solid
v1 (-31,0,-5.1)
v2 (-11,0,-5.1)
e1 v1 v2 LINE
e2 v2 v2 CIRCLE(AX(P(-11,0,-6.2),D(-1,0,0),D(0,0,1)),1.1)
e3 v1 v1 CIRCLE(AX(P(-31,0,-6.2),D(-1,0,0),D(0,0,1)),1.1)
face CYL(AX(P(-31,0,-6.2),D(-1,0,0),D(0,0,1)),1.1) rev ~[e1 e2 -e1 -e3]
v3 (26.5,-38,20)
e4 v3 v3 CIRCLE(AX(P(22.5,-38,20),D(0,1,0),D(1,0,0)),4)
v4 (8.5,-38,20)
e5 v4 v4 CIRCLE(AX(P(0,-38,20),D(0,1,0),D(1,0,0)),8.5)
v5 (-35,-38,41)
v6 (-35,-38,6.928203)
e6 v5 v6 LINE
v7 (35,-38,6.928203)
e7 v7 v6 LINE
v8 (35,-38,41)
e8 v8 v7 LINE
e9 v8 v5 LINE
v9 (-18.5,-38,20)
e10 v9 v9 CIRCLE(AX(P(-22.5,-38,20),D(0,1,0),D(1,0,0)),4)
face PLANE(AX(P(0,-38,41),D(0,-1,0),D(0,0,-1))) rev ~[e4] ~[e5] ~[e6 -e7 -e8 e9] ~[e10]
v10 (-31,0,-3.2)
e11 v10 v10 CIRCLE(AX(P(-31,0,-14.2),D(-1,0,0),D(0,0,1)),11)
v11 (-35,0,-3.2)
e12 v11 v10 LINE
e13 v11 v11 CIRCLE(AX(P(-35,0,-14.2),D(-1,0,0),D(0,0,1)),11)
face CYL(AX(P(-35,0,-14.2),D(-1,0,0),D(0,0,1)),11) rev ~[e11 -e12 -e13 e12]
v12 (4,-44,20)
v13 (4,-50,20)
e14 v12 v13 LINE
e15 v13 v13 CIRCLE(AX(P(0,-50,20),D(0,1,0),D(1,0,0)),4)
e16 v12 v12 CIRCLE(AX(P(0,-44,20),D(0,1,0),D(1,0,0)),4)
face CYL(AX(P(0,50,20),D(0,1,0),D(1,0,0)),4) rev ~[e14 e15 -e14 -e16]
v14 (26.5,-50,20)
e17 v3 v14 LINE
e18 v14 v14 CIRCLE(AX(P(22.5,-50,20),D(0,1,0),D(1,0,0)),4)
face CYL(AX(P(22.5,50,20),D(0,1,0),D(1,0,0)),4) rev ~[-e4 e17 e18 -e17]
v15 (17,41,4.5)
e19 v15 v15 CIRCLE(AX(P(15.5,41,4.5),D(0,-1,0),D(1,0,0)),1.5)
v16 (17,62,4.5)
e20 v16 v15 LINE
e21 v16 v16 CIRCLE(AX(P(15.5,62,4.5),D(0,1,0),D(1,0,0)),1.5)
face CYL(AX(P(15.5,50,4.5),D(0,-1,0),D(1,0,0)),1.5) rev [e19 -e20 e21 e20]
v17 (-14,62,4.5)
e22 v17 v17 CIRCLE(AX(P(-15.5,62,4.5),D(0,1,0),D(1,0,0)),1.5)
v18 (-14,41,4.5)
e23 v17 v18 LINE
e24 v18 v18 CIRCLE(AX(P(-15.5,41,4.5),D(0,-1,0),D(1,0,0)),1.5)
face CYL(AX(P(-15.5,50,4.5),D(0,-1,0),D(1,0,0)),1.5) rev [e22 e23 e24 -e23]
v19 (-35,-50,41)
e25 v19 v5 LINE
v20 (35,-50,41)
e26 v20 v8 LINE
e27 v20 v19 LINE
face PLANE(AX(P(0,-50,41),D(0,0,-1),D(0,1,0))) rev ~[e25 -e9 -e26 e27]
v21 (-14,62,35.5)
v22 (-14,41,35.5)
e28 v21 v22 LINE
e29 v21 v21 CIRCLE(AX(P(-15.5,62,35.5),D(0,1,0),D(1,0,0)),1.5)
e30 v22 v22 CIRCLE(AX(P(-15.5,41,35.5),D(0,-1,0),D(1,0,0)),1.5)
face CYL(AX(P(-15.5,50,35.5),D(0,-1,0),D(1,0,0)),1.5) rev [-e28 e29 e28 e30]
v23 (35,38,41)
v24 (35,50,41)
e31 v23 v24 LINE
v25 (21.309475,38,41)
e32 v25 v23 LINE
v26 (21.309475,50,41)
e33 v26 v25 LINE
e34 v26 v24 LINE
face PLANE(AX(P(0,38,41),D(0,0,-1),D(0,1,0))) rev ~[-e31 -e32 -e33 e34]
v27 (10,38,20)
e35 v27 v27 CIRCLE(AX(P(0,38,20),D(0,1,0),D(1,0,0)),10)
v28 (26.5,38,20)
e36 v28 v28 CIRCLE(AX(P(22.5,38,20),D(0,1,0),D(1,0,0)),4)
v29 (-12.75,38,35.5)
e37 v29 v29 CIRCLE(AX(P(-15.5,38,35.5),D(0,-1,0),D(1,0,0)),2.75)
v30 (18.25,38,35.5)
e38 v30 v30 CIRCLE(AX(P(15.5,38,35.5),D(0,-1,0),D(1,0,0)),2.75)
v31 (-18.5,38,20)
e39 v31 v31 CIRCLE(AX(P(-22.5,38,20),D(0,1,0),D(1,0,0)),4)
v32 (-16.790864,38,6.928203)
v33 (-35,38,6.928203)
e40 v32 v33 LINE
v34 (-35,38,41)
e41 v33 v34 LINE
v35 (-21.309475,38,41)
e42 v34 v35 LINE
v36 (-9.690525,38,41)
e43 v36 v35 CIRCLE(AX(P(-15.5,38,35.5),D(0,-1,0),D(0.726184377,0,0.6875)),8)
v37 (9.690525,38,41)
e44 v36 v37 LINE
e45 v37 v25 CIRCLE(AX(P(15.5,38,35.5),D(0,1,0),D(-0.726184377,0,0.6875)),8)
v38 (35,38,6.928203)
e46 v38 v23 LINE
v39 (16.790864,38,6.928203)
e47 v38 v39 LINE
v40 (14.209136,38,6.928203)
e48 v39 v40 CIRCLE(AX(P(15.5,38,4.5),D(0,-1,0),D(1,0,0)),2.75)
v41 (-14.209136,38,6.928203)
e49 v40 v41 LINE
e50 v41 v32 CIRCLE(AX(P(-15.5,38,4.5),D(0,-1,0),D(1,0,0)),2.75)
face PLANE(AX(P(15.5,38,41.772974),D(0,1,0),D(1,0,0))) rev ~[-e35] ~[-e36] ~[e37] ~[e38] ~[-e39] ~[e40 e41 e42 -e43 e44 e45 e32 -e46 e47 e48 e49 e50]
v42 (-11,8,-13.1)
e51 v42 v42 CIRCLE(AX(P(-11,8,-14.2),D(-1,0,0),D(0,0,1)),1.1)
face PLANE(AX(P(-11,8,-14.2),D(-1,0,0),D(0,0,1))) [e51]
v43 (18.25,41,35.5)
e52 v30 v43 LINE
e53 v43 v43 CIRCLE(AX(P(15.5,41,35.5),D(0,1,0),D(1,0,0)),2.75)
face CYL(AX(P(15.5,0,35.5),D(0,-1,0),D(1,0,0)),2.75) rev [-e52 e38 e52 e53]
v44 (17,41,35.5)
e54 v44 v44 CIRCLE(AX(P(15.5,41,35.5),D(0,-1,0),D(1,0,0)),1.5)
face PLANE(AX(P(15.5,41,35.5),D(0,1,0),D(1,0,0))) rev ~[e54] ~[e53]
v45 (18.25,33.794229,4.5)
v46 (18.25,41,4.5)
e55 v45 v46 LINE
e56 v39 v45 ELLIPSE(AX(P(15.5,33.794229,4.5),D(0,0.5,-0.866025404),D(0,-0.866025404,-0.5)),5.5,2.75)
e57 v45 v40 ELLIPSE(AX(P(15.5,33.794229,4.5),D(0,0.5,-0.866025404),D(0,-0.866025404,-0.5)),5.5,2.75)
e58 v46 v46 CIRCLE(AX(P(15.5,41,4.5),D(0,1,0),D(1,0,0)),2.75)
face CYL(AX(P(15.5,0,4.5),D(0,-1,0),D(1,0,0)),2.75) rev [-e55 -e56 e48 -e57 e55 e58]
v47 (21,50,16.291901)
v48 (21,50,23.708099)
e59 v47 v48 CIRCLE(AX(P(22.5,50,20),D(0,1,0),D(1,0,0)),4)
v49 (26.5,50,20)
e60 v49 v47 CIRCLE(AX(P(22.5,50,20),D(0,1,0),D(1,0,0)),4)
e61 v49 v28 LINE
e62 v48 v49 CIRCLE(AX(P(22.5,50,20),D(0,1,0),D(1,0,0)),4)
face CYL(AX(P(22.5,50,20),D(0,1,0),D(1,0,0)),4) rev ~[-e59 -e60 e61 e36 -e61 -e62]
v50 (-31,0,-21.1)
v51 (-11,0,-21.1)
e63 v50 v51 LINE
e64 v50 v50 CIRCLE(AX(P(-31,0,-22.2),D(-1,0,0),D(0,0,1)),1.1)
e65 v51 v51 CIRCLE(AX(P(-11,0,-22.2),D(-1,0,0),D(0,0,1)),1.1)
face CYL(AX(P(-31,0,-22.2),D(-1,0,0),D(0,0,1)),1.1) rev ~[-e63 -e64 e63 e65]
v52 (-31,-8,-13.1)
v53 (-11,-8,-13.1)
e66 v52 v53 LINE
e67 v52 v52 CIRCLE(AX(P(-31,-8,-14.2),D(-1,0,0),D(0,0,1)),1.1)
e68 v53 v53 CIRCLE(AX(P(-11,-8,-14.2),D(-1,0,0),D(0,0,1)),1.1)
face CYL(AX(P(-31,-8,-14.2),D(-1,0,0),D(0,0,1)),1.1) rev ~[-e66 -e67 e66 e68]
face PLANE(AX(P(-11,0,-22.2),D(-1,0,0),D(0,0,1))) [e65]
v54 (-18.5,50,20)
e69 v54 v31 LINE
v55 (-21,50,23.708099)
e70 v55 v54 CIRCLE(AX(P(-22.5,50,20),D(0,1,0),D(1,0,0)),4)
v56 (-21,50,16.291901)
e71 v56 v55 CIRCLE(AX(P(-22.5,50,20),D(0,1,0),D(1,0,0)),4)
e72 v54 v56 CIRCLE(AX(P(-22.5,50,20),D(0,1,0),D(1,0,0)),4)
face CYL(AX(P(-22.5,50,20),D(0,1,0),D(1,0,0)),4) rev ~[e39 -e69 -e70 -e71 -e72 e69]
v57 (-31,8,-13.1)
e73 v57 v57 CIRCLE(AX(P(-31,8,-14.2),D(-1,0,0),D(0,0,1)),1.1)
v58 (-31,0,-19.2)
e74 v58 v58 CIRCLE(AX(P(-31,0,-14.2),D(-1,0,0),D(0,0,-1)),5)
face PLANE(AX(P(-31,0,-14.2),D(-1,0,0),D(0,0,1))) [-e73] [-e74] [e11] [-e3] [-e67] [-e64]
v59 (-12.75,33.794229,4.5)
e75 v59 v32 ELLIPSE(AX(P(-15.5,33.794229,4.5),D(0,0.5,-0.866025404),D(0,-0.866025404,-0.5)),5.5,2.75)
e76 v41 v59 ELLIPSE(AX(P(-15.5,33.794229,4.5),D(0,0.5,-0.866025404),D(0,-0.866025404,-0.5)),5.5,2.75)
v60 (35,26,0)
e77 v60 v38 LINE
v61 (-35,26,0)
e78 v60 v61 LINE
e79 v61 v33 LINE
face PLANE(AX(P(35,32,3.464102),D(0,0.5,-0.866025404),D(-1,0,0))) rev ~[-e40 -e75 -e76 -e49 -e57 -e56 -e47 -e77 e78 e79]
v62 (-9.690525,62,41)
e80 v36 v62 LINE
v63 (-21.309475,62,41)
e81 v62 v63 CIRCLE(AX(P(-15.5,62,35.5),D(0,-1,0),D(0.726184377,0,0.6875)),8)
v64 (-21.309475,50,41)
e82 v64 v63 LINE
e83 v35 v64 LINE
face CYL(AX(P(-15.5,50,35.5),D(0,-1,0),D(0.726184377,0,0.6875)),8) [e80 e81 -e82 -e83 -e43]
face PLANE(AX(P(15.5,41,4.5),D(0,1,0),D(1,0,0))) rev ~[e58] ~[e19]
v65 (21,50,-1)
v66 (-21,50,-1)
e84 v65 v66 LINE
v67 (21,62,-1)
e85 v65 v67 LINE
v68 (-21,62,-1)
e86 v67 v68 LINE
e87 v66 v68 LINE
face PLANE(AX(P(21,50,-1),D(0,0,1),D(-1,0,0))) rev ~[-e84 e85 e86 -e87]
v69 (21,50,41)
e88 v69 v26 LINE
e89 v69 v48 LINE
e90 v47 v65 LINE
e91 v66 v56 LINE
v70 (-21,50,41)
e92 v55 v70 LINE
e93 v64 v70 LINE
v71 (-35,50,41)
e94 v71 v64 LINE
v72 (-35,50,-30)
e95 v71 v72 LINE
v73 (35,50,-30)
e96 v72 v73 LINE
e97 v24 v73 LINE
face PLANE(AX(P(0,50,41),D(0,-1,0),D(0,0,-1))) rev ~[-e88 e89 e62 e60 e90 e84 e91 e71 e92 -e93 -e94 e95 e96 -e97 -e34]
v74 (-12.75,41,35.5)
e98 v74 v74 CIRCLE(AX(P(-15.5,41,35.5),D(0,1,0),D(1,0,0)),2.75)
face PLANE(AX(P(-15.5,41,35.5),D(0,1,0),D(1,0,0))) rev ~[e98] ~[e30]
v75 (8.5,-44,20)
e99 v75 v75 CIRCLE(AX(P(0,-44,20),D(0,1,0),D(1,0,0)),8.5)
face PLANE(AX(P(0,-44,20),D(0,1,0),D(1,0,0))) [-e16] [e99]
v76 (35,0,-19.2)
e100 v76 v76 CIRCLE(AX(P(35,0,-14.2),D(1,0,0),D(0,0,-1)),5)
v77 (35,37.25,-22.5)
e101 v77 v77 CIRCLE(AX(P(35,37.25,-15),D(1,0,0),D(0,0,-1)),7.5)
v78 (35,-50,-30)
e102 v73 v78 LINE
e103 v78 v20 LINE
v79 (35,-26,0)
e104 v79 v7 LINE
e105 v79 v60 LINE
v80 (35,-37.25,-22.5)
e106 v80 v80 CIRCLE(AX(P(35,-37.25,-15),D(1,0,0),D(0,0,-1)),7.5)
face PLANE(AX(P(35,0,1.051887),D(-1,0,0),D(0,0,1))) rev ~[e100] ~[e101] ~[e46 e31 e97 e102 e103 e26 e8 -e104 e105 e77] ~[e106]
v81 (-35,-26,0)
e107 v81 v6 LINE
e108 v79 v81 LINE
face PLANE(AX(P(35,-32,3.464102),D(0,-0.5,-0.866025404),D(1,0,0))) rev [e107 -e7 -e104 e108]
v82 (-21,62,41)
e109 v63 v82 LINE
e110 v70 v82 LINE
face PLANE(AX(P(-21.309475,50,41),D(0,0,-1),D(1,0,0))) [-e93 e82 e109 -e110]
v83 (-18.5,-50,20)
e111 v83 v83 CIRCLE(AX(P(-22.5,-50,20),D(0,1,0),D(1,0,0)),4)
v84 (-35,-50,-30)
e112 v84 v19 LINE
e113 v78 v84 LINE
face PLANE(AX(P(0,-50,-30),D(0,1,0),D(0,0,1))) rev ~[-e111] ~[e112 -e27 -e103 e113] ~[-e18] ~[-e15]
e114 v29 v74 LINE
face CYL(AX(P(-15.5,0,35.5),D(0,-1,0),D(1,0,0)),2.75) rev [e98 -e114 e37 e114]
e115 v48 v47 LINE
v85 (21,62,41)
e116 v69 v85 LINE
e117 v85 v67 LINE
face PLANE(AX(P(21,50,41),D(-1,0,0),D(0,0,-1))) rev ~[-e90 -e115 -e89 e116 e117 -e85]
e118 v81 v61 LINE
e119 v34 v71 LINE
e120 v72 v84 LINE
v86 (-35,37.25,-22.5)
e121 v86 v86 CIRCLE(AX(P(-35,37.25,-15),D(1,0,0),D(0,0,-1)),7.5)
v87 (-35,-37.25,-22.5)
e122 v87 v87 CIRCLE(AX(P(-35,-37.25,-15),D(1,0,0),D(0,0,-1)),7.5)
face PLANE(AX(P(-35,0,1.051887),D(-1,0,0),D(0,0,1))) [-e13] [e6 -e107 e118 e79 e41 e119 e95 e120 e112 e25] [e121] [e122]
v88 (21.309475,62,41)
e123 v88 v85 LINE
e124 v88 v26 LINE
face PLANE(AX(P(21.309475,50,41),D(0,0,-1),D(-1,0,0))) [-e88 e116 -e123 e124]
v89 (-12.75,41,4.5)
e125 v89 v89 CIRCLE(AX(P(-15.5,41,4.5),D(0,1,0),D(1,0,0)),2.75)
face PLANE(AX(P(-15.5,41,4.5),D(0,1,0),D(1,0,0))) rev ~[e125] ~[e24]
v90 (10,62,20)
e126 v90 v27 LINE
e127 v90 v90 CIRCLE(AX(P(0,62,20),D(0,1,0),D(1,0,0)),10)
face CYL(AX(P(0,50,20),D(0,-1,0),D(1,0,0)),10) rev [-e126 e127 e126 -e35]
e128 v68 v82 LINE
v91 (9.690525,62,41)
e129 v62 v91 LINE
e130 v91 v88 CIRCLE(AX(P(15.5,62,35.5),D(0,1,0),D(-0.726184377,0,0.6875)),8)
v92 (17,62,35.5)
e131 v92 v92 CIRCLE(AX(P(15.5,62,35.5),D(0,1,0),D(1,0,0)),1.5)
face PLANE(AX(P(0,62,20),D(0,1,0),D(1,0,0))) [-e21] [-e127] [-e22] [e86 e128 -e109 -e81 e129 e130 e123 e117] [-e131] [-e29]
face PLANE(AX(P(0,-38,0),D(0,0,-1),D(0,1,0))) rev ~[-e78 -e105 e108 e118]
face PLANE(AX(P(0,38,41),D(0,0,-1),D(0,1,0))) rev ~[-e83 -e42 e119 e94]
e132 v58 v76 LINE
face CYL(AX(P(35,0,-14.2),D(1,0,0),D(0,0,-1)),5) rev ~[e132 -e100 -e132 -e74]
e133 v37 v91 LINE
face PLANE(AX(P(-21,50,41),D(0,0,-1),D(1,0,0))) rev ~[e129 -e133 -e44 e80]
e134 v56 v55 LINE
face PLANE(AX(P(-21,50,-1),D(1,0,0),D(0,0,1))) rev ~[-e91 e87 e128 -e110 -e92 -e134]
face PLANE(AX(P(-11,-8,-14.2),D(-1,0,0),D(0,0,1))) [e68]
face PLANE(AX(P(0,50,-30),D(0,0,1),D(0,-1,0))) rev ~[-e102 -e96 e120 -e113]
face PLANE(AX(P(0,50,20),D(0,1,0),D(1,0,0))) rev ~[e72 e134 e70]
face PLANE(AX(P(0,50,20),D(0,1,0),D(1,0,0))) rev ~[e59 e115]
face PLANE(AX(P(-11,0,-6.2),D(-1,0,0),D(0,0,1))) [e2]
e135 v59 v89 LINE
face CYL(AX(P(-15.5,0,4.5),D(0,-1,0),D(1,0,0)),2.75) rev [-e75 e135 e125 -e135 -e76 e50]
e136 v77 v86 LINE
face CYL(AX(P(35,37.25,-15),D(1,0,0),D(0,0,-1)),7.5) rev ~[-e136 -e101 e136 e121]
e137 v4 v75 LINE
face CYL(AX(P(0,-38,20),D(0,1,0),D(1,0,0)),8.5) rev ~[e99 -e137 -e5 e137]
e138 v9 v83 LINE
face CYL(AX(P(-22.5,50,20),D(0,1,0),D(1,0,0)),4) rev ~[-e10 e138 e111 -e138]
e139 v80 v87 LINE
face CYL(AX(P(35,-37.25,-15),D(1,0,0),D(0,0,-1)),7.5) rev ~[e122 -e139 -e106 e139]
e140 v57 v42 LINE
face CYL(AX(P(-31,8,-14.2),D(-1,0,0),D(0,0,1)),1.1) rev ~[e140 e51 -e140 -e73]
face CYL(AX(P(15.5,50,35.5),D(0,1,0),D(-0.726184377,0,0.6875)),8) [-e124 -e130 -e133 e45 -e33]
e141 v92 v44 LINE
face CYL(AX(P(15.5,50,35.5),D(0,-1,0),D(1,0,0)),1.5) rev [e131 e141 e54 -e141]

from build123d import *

# Parameters (mm, degrees)
BOSS_EXTRUDE1_DEPTH     = 35
SKETCH2_R               = 4
CUT_EXTRUDE1_DEPTH      = 101
SKETCH3_R               = 7.5
SKETCH3_R_2             = 5
CUT_EXTRUDE2_DEPTH      = 1
CUT_EXTRUDE2_DEPTH_BACK = 71
CHAMFER1_SIZE           = 12
CHAMFER1_SIZE2          = 6.92820323
CHAMFER2_SIZE           = 12
CHAMFER2_SIZE2          = 6.92820323
SKETCH4_R               = 10
CUT_EXTRUDE3_DEPTH      = 12
CUT_EXTRUDE4_START      = -18.803848
SKETCH5_R               = 1.5
CUT_EXTRUDE4_DEPTH      = 18.803848
BOSS_EXTRUDE2_DEPTH     = 12
SKETCH7_R               = 2.75
CUT_EXTRUDE5_DEPTH      = 41
SKETCH8_R               = 10
SKETCH8_R_2             = 1.5
BOSS_EXTRUDE3_DEPTH     = 12
SKETCH9_R               = 8.5
CUT_EXTRUDE6_DEPTH      = 6
SKETCH10_R              = 11
CUT_EXTRUDE7_DEPTH      = 4
SKETCH11_R              = 5
SKETCH11_R_2            = 1.1
CUT_EXTRUDE8_DEPTH      = 20


with BuildPart() as part:
    # Sketch1 → Boss-Extrude1 (new body, symmetric)
    with BuildSketch(Plane(origin=(0, 0, 0), x_dir=(0, 0, -1), z_dir=(1, 0, 0))):
        Polygon((30, 50), (30, -50), (-41, -50), (-41, -38), (0, -38), (0, 38), (-41, 38), (-41, 50), align=None)
    extrude(amount=BOSS_EXTRUDE1_DEPTH, both=True)

    # Sketch2 → Cut-Extrude1 (cut, through all)
    with BuildSketch(Plane(origin=(0, 50, 0), x_dir=(1, 0, 0), z_dir=(0, 1, 0))):
        with Locations((-22.5, -20)):
            Circle(SKETCH2_R)
        with Locations((22.5, -20)):
            Circle(SKETCH2_R)
        with Locations((0, -20)):
            Circle(SKETCH2_R)
    extrude(amount=-CUT_EXTRUDE1_DEPTH, mode=Mode.SUBTRACT)

    # Sketch3 → Cut-Extrude2 (cut, two sides)
    with BuildSketch(Plane(origin=(35, 0, 0), x_dir=(0, 0, -1), z_dir=(1, 0, 0))) as cut_extrude2_sk:
        with Locations((15, -37.25)):
            Circle(SKETCH3_R)
        with Locations((15, 37.25)):
            Circle(SKETCH3_R)
        with Locations((14.2, 0)):
            Circle(SKETCH3_R_2)
    extrude(amount=CUT_EXTRUDE2_DEPTH, mode=Mode.SUBTRACT)
    extrude(cut_extrude2_sk.sketch, amount=-CUT_EXTRUDE2_DEPTH_BACK, mode=Mode.SUBTRACT)

    # Chamfer1
    chamfer1_edges = [part.edges().sort_by_distance(p)[0] for p in [
        (0, -38, 0),
    ]]
    chamfer1_side = [part.faces().sort_by_distance(p)[0] for p in [
        (0, 0, 0),
    ]]
    chamfer(chamfer1_edges, length=CHAMFER1_SIZE, length2=CHAMFER1_SIZE2, reference=chamfer1_side[0])

    # Chamfer2
    chamfer2_edges = [part.edges().sort_by_distance(p)[0] for p in [
        (0, 38, 0),
    ]]
    chamfer2_side = [part.faces().sort_by_distance(p)[0] for p in [
        (0, 6, 0),
    ]]
    chamfer(chamfer2_edges, length=CHAMFER2_SIZE, length2=CHAMFER2_SIZE2, reference=chamfer2_side[0])

    # Sketch4 → Cut-Extrude3 (cut)
    with BuildSketch(Plane(origin=(0, 50, 0), x_dir=(1, 0, 0), z_dir=(0, 1, 0))):
        with Locations((0, -20)):
            Circle(SKETCH4_R)
    extrude(amount=-CUT_EXTRUDE3_DEPTH, mode=Mode.SUBTRACT)

    # Sketch5 → Cut-Extrude4 (cut)
    with BuildSketch(Plane(origin=(0, 50, 0), x_dir=(1, 0, 0), z_dir=(0, 1, 0)).offset(CUT_EXTRUDE4_START)):
        with Locations((15.5, -4.5)):
            Circle(SKETCH5_R)
        with Locations((-15.5, -4.5)):
            Circle(SKETCH5_R)
        with Locations((15.5, -35.5)):
            Circle(SKETCH5_R)
        with Locations((-15.5, -35.5)):
            Circle(SKETCH5_R)
    extrude(amount=CUT_EXTRUDE4_DEPTH, mode=Mode.SUBTRACT)

    # Sketch6 → Boss-Extrude2 (add, symmetric)
    with BuildSketch(Plane(origin=(0, 50, 0), x_dir=(1, 0, 0), z_dir=(0, 1, 0))):
        with BuildLine():
            Line((-21.309475019, -41), (-9.690524981, -41))
            ThreePointArc((-9.690524981, -41), (-15.5, -43.5), (-21.309475019, -41))
        make_face()
        with BuildLine():
            Line((21.309475019, -41), (9.690524981, -41))
            ThreePointArc((9.690524981, -41), (15.5, -43.5), (21.309475019, -41))
        make_face()
    extrude(amount=BOSS_EXTRUDE2_DEPTH, both=True)

    # Sketch7 → Cut-Extrude5 (cut)
    with BuildSketch(Plane(origin=(0, 0, 0), x_dir=(1, 0, 0), z_dir=(0, 1, 0))):
        with Locations((15.5, -4.5)):
            Circle(SKETCH7_R)
        with Locations((-15.5, -4.5)):
            Circle(SKETCH7_R)
        with Locations((15.5, -35.5)):
            Circle(SKETCH7_R)
        with Locations((-15.5, -35.5)):
            Circle(SKETCH7_R)
    extrude(amount=CUT_EXTRUDE5_DEPTH, mode=Mode.SUBTRACT)

    # Sketch8 → Boss-Extrude3 (add)
    with BuildSketch(Plane(origin=(0, 50, 0), x_dir=(1, 0, 0), z_dir=(0, 1, 0))):
        Polygon((17.464466094, 1), (-17.464466094, 1), (-21, 1), (-21, -2.535533906), (-21, -37.464466094), (-21, -41), (-17.464466094, -41), (17.464466094, -41), (21, -41), (21, -37.464466094), (21, -2.535533906), (21, 1), align=None)
        with Locations((0, -20)):
            Circle(SKETCH8_R, mode=Mode.SUBTRACT)
        with Locations((-15.5, -35.5)):
            Circle(SKETCH8_R_2, mode=Mode.SUBTRACT)
        with Locations((15.5, -35.5)):
            Circle(SKETCH8_R_2, mode=Mode.SUBTRACT)
        with Locations((-15.5, -4.5)):
            Circle(SKETCH8_R_2, mode=Mode.SUBTRACT)
        with Locations((15.5, -4.5)):
            Circle(SKETCH8_R_2, mode=Mode.SUBTRACT)
    extrude(amount=BOSS_EXTRUDE3_DEPTH)

    # Sketch9 → Cut-Extrude6 (cut)
    with BuildSketch(Plane(origin=(0, -38, 0), x_dir=(1, 0, 0), z_dir=(0, 1, 0))):
        with Locations((0, -20)):
            Circle(SKETCH9_R)
    extrude(amount=-CUT_EXTRUDE6_DEPTH, mode=Mode.SUBTRACT)

    # Sketch10 → Cut-Extrude7 (cut)
    with BuildSketch(Plane.ZY.offset(35)):
        with Locations((-14.2, 0)):
            Circle(SKETCH10_R)
    extrude(amount=-CUT_EXTRUDE7_DEPTH, mode=Mode.SUBTRACT)

    # Sketch11 → Cut-Extrude8 (cut)
    with BuildSketch(Plane.ZY.offset(31)):
        with Locations((-14.2, 0)):
            Circle(SKETCH11_R)
        with Locations((-14.2, 8)):
            Circle(SKETCH11_R_2)
        with Locations((-6.2, 0)):
            Circle(SKETCH11_R_2)
        with Locations((-14.2, -8)):
            Circle(SKETCH11_R_2)
        with Locations((-22.2, 0)):
            Circle(SKETCH11_R_2)
    extrude(amount=-CUT_EXTRUDE8_DEPTH, mode=Mode.SUBTRACT)


solid = part.part
